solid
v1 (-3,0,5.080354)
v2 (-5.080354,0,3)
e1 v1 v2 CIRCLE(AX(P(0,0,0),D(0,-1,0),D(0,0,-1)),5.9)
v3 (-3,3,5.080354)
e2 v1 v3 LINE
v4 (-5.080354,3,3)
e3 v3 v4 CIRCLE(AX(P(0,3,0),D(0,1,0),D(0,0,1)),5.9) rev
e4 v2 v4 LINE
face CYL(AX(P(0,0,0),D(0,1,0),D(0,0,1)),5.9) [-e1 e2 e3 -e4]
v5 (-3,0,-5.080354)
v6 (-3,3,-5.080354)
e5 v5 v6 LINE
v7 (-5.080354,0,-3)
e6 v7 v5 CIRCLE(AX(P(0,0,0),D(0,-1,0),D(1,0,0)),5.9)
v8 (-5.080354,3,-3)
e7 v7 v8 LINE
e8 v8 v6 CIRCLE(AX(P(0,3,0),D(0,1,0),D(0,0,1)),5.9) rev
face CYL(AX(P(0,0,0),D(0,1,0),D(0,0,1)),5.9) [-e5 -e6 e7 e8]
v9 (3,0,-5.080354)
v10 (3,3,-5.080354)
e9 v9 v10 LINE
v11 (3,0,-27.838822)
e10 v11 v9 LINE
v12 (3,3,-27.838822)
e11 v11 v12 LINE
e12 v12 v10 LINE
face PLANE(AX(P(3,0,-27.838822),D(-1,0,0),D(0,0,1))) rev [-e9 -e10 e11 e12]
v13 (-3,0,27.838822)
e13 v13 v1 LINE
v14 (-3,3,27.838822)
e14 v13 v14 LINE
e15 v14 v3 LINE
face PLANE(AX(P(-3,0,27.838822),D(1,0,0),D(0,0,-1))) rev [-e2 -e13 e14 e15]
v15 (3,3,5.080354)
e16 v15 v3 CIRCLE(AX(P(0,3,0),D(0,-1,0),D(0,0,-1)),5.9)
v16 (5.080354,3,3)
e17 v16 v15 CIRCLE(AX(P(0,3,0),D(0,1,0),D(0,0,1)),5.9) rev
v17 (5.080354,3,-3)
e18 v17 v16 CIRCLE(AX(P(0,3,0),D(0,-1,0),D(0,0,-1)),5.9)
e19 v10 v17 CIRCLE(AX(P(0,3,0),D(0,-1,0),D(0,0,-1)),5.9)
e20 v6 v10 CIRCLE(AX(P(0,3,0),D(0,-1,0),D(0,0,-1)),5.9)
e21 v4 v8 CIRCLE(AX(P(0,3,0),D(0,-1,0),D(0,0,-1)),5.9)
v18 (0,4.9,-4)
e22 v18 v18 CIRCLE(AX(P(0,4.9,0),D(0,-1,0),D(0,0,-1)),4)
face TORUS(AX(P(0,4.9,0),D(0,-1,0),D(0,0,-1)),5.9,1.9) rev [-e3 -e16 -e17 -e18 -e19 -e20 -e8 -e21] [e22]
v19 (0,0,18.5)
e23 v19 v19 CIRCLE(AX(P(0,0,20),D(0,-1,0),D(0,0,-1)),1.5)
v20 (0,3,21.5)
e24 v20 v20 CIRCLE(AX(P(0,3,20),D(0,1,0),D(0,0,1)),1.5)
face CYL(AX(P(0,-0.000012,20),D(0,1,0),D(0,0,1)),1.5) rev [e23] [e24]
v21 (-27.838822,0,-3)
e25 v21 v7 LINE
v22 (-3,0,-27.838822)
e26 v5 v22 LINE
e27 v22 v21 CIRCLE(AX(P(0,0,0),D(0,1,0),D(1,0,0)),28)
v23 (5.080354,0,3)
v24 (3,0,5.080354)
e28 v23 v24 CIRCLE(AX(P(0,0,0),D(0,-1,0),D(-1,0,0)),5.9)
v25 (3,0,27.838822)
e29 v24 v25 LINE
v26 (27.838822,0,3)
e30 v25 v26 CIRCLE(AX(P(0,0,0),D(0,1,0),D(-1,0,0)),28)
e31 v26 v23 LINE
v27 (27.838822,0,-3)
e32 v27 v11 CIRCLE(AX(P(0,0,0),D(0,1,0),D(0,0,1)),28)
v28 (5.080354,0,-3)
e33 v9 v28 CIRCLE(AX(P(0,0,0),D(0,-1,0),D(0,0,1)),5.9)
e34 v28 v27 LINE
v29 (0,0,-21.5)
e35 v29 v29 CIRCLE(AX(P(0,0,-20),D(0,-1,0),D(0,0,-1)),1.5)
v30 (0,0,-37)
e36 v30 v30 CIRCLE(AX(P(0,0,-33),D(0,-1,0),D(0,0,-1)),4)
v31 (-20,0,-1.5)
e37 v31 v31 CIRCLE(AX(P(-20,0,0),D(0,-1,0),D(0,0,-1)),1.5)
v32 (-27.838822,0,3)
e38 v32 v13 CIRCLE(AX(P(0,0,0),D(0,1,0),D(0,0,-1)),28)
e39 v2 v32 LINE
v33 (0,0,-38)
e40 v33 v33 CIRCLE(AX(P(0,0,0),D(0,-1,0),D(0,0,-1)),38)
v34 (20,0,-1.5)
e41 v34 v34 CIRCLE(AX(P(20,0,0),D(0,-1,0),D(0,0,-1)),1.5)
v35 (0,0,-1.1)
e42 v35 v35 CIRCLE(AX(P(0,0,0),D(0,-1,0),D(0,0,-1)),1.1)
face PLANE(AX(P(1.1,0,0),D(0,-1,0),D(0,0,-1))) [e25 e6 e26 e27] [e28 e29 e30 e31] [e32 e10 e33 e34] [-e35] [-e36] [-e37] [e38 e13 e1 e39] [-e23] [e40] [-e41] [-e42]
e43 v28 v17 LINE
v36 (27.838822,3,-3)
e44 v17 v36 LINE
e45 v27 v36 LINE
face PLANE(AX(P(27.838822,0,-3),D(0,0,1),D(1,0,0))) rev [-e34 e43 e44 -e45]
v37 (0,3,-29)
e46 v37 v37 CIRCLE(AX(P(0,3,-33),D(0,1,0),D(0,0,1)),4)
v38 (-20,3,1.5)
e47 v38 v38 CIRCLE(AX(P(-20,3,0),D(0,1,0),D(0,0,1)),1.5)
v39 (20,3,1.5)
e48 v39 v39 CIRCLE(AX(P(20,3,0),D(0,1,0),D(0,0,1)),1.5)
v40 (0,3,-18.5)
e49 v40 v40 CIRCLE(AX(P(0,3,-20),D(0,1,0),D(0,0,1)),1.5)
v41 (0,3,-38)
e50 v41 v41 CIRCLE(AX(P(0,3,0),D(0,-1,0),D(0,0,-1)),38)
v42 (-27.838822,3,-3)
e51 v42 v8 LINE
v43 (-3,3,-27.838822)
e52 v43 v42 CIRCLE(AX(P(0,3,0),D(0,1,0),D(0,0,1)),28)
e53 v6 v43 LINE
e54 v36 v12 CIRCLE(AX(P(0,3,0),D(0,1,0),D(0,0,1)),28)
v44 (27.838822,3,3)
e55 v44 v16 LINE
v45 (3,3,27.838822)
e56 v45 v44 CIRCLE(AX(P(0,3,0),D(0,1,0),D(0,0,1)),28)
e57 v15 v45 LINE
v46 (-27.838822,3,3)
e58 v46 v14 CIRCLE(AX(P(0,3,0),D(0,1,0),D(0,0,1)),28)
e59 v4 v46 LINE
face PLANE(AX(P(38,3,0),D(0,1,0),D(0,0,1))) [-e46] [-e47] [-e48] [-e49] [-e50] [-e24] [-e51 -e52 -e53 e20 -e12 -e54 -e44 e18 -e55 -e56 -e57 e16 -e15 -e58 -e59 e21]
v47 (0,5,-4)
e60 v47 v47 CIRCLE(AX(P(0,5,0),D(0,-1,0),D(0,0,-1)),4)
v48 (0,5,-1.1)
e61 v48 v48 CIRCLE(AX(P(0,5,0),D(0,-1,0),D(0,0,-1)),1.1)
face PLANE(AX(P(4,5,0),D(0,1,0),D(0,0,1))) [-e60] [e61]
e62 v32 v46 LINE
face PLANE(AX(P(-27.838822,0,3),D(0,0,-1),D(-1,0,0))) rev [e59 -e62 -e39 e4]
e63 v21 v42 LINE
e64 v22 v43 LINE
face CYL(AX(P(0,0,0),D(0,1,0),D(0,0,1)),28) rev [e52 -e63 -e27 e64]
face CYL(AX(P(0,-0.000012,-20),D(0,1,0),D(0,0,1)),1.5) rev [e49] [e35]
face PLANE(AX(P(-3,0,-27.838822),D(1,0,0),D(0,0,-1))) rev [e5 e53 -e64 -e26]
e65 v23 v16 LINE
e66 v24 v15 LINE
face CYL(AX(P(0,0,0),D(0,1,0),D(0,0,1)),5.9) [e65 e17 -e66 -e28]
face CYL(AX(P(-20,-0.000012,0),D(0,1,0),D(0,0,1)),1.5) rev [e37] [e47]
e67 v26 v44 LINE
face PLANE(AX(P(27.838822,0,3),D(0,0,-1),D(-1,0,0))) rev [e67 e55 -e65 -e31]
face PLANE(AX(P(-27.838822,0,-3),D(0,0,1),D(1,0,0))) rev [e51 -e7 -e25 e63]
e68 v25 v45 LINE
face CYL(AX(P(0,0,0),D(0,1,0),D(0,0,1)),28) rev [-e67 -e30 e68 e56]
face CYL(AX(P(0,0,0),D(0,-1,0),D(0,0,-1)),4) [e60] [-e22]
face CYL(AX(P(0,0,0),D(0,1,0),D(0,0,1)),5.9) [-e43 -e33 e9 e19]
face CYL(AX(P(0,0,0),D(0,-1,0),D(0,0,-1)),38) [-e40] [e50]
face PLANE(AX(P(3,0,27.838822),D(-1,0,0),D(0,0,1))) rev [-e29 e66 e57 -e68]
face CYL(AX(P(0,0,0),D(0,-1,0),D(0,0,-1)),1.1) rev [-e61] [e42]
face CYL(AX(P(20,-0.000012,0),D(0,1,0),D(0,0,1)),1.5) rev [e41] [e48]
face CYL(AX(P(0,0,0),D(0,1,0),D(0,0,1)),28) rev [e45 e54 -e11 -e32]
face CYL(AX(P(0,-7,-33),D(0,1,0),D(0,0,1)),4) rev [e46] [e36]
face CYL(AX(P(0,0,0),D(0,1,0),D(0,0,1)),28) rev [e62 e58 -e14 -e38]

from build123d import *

# Parameters (mm, degrees)
CORTE_EXTRUS_O4_START  = -1
ESBO_O2_R              = 1.5
CORTE_EXTRUS_O4_DEPTH  = 7
CORTE_EXTRUS_O9_START  = -4
CORTE_EXTRUS_O9_DEPTH  = 7
PADR_OCIRCULAR1_COUNT  = 4
ESBO_O7_R              = 4
CORTE_EXTRUS_O10_DEPTH = 10


with BuildPart() as part:
    # Esboço1 → Revolução1 (revolve)
    with BuildSketch(Plane.XY):
        with BuildLine():
            Line((1.1, 5), (1.1, 0))
            Line((1.1, 0), (38, 0))
            Line((38, 0), (38, 3))
            Line((38, 3), (5.9, 3))
            ThreePointArc((5.9, 3), (4.556497116, 3.556497116), (4, 4.9))
            Line((4, 4.9), (4, 5))
            Line((4, 5), (1.1, 5))
        make_face()
    revolve(axis=Axis((0, 0, 0), (0, 1, 0)))

    # Esboço2 → Corte-extrusão4 (cut)
    with BuildSketch(Plane(origin=(0, 0, 0), x_dir=(1, 0, 0), z_dir=(0, 1, 0)).offset(CORTE_EXTRUS_O4_START)):
        with Locations((0, 20)):
            Circle(ESBO_O2_R)
    corte_extrus_o4 = extrude(amount=CORTE_EXTRUS_O4_DEPTH, mode=Mode.SUBTRACT)

    # Esboço6 → Corte-extrusão9 (cut)
    with BuildSketch(Plane(origin=(0, 3, 0), x_dir=(1, 0, 0), z_dir=(0, 1, 0)).offset(CORTE_EXTRUS_O9_START)):
        with BuildLine():
            Line((3, 27.838821814), (3, 5.080354318))
            ThreePointArc((3, 5.080354318), (4.171930009, 4.171930009), (5.080354318, 3))
            Line((5.080354318, 3), (27.838821814, 3))
            ThreePointArc((27.838821814, 3), (19.798989873, 19.798989873), (3, 27.838821814))
        make_face()
    corte_extrus_o9 = extrude(amount=CORTE_EXTRUS_O9_DEPTH, mode=Mode.SUBTRACT)

    # PadrãoCircular1: Corte-extrusão4, Corte-extrusão9 ×4 about axis
    padr_ocircular1_axis = Axis((0, 0, 0), (0, 1, 0))
    for i in range(1, PADR_OCIRCULAR1_COUNT):
        add(corte_extrus_o4.rotate(padr_ocircular1_axis, i * 360 / PADR_OCIRCULAR1_COUNT), mode=Mode.SUBTRACT)
        add(corte_extrus_o9.rotate(padr_ocircular1_axis, i * 360 / PADR_OCIRCULAR1_COUNT), mode=Mode.SUBTRACT)

    # Esboço7 → Corte-extrusão10 (cut)
    with BuildSketch(Plane(origin=(0, 3, 0), x_dir=(1, 0, 0), z_dir=(0, 1, 0))):
        with Locations((0, 33)):
            Circle(ESBO_O7_R)
    extrude(amount=-CORTE_EXTRUS_O10_DEPTH, mode=Mode.SUBTRACT)


solid = part.part
